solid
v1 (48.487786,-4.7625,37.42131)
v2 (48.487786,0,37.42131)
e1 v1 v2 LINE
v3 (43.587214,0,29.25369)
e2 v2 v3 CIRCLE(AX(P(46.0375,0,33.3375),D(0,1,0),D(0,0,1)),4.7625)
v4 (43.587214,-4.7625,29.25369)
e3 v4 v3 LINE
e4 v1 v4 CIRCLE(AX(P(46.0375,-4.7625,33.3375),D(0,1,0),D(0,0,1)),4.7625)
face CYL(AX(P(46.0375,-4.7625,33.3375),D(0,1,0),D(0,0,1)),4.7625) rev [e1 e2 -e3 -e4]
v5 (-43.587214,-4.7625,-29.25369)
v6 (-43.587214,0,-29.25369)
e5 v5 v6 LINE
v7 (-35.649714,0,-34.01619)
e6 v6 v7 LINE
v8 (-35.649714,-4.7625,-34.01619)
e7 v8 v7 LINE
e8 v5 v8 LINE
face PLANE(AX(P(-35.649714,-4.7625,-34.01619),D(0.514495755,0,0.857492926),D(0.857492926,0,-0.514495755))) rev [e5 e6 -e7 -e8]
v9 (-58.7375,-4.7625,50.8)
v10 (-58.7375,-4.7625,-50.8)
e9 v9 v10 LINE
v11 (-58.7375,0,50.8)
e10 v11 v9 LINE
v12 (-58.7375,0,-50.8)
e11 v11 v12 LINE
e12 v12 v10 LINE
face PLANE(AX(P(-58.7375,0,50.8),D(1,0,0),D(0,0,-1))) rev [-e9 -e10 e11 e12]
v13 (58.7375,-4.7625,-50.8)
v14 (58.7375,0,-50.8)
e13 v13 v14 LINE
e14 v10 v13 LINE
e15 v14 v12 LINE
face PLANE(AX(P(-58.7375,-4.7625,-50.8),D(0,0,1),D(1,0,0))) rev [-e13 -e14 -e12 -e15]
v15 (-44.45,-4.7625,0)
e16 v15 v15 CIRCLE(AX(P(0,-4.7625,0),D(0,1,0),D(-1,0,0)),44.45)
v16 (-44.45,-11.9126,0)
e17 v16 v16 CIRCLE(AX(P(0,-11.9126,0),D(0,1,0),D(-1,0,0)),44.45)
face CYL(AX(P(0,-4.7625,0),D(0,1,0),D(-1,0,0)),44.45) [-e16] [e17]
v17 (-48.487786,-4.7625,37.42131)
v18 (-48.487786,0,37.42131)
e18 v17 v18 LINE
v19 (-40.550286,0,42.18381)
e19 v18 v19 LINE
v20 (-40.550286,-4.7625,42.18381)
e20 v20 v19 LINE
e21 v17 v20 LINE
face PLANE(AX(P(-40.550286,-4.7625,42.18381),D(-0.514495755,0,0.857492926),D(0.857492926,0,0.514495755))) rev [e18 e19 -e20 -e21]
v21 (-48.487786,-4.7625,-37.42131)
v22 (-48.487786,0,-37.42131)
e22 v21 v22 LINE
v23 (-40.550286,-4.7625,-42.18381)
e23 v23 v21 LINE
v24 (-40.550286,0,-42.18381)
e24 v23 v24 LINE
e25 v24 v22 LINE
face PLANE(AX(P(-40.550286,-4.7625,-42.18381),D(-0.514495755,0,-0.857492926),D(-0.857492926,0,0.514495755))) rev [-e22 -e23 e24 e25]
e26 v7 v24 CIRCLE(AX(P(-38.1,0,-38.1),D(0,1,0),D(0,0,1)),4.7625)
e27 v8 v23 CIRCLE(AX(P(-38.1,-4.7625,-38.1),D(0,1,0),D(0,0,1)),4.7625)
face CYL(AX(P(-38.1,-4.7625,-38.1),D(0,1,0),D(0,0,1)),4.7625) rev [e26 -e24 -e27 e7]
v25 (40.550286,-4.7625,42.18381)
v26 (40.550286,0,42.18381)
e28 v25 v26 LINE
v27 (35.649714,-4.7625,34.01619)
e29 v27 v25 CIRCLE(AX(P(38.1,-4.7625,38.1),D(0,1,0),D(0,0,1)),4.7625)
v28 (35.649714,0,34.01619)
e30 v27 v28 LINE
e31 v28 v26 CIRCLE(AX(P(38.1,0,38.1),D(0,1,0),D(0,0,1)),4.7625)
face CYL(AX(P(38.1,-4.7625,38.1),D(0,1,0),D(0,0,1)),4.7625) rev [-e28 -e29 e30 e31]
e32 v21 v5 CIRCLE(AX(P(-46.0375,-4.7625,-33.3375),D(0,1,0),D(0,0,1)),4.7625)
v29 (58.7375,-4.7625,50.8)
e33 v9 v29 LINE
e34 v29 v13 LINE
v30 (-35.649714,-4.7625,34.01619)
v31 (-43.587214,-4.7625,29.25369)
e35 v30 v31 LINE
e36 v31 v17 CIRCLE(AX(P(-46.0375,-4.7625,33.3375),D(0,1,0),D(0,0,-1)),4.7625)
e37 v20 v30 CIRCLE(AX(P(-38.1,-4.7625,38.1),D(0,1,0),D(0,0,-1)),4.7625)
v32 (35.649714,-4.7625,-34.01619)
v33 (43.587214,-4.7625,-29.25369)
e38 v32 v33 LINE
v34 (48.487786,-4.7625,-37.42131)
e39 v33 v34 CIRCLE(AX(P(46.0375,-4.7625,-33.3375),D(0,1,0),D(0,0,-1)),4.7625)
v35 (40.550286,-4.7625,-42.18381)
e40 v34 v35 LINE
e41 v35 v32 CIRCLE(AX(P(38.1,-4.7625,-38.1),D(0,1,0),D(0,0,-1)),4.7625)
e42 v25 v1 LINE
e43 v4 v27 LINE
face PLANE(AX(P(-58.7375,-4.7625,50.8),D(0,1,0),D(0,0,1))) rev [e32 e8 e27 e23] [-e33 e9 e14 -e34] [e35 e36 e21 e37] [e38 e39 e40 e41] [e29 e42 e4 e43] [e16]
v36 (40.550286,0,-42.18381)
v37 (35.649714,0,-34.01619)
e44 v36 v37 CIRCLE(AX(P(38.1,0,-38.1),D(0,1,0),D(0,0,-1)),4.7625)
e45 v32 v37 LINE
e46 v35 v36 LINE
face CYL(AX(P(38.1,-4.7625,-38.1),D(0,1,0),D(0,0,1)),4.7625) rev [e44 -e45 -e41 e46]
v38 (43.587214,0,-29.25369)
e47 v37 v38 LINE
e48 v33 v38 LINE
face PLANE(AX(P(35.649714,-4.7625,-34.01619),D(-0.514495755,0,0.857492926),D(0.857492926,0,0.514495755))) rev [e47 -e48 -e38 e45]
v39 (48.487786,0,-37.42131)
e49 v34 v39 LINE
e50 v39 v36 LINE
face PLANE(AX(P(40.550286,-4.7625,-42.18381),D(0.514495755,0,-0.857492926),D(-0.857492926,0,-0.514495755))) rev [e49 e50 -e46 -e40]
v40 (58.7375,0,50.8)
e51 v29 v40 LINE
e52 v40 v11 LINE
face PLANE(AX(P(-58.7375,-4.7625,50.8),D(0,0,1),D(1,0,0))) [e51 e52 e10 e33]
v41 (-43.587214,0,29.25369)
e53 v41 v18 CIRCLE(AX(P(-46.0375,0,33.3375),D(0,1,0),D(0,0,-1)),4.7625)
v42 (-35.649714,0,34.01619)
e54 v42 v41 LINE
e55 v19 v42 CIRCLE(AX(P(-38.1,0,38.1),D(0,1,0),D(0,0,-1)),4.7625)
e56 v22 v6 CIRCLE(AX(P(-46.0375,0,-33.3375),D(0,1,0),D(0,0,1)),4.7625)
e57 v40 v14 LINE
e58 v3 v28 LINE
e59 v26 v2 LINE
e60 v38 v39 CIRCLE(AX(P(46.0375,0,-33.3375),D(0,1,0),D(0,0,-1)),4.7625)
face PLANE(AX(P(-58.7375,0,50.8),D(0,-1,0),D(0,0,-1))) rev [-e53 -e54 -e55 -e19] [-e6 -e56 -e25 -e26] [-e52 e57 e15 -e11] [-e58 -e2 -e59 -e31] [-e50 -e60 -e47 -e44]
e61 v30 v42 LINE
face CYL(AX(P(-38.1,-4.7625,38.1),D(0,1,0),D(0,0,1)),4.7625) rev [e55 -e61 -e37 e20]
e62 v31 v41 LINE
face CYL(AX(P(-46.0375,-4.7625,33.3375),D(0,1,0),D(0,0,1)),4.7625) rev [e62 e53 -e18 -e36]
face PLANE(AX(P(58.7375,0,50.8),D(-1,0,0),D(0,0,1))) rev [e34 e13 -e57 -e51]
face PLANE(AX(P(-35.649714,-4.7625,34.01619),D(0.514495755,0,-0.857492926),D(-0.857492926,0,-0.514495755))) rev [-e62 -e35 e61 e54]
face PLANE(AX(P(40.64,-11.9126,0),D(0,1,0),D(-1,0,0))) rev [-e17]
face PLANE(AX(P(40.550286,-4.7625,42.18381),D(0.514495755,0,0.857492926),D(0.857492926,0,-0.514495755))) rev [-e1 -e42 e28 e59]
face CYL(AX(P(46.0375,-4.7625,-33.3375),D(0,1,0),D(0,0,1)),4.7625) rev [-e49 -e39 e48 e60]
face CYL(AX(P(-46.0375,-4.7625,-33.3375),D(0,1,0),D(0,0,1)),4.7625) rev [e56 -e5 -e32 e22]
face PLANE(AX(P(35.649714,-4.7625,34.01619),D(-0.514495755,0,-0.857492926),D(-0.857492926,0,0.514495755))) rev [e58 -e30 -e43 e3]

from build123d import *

# Parameters (mm, degrees)
SKETCH1_W               = 117.475
SKETCH1_H               = 4.7625
BOSS_EXTRUDE1_DEPTH     = 50.8
F_1_2_HOLES_DEPTH       = 78.803697293
SKETCH7_W               = 170.933784369
SKETCH7_H               = 70.3072
BOSS_EXTRUDE2_DEPTH     = 164.9349
CUT_EXTRUDE1_DEPTH      = 252.384886958
CUT_EXTRUDE1_DEPTH_BACK = 252.384886958
CUT_EXTRUDE3_DEPTH      = 208.174206511
CUT_EXTRUDE3_DEPTH_BACK = 208.174206511
SKETCH9_OUTSIDE_W       = 162.248
SKETCH9_OUTSIDE_H       = 251.148
BOSS_EXTRUDE3_DEPTH     = 7.9375
SKETCH11_OUTSIDE_W      = 1143.154
SKETCH11_OUTSIDE_H      = 1135.216
SKETCH11_OUTSIDE_R      = 11.1125
CUT_EXTRUDE4_DEPTH      = 255.208337191
CUT_EXTRUDE4_DRAFT      = -60
SKETCH12_R              = 10.795
BOSS_EXTRUDE4_DEPTH     = 64.77
SKETCH13_R              = 298.45
CUT_EXTRUDE5_DEPTH      = 254


with BuildPart() as part:
    # Sketch1 → Boss-Extrude1 (new, symmetric)
    with BuildSketch(Plane.XY):
        with Locations((0, -2.38125)):
            Rectangle(SKETCH1_W, SKETCH1_H)
    extrude(amount=BOSS_EXTRUDE1_DEPTH, both=True)

    # Sketch2 → 1-2 holes (cut, through all)
    with BuildSketch(Plane(origin=(0, 0, 0), x_dir=(1, 0, 0), z_dir=(0, 1, 0))):
        with BuildLine():
            Line((-35.649713965, 34.016189941), (-43.587213965, 29.253689941))
            ThreePointArc((-43.587213965, 29.253689941), (-50.121310059, 30.887213965), (-48.487786035, 37.421310059))
            Line((-48.487786035, 37.421310059), (-40.550286035, 42.183810059))
            ThreePointArc((-40.550286035, 42.183810059), (-34.016189941, 40.550286035), (-35.649713965, 34.016189941))
        make_face()
        with BuildLine():
            Line((-35.649713965, -34.016189941), (-43.587213965, -29.253689941))
            ThreePointArc((-43.587213965, -29.253689941), (-50.121310059, -30.887213965), (-48.487786035, -37.421310059))
            Line((-48.487786035, -37.421310059), (-40.550286035, -42.183810059))
            ThreePointArc((-40.550286035, -42.183810059), (-34.016189941, -40.550286035), (-35.649713965, -34.016189941))
        make_face()
        with BuildLine():
            Line((35.649713965, 34.016189941), (43.587213965, 29.253689941))
            ThreePointArc((43.587213965, 29.253689941), (50.121310059, 30.887213965), (48.487786035, 37.421310059))
            Line((48.487786035, 37.421310059), (40.550286035, 42.183810059))
            ThreePointArc((40.550286035, 42.183810059), (34.016189941, 40.550286035), (35.649713965, 34.016189941))
        make_face()
        with BuildLine():
            Line((35.649713965, -34.016189941), (43.587213965, -29.253689941))
            ThreePointArc((43.587213965, -29.253689941), (50.121310059, -30.887213965), (48.487786035, -37.421310059))
            Line((48.487786035, -37.421310059), (40.550286035, -42.183810059))
            ThreePointArc((40.550286035, -42.183810059), (34.016189941, -40.550286035), (35.649713965, -34.016189941))
        make_face()
    extrude(amount=-F_1_2_HOLES_DEPTH, mode=Mode.SUBTRACT)


with BuildPart() as body_2:
    # Sketch4 → Revolve1 (revolve)
    with BuildSketch(Plane.XY, mode=Mode.PRIVATE) as revolve1_sk:
        Polygon((0, -25.5651), (43.18, -25.5651), (43.18, -14.4526), (40.64, -14.4526), (40.64, -11.9126), (44.45, -11.9126), (44.45, -4.7625), (0, -4.7625), align=None)
    revolve(revolve1_sk.sketch.rotate(Axis((0, -4.7625, 0), (0, -1, 0)), 180), axis=Axis((0, -4.7625, 0), (0, -1, 0)))


with BuildPart() as body_3:
    # Sketch6 → Revolve2 (revolve)
    with BuildSketch(Plane(origin=(-63.5, 0, 0), x_dir=(0, 0, -1), z_dir=(1, 0, 0)), mode=Mode.PRIVATE) as revolve2_sk:
        with BuildLine():
            Line((-25.4, -68.58), (-25.4, -47.336363636))
            ThreePointArc((-25.4, -47.336363636), (-22.694731724, -40.805268276), (-16.163636364, -38.1))
            Line((-16.163636364, -38.1), (-14.143181818, -38.1))
            Line((-14.143181818, -38.1), (-14.143181818, -40.48125))
            Line((-14.143181818, -40.48125), (-10.102272727, -40.48125))
            Line((-10.102272727, -40.48125), (-10.102272727, -38.1))
            Line((-10.102272727, -38.1), (-6.061363636, -38.1))
            Line((-6.061363636, -38.1), (-6.061363636, -40.48125))
            Line((-6.061363636, -40.48125), (-2.020454545, -40.48125))
            Line((-2.020454545, -40.48125), (-2.020454545, -38.1))
            Line((-2.020454545, -38.1), (2.020454545, -38.1))
            Line((2.020454545, -38.1), (2.020454545, -40.48125))
            Line((2.020454545, -40.48125), (6.061363636, -40.48125))
            Line((6.061363636, -40.48125), (6.061363636, -38.1))
            Line((6.061363636, -38.1), (10.102272727, -38.1))
            Line((10.102272727, -38.1), (10.102272727, -40.48125))
            Line((10.102272727, -40.48125), (14.143181818, -40.48125))
            Line((14.143181818, -40.48125), (14.143181818, -38.1))
            Line((14.143181818, -38.1), (16.163636364, -38.1))
            ThreePointArc((16.163636364, -38.1), (22.694731724, -40.805268276), (25.4, -47.336363636))
            Line((25.4, -47.336363636), (25.4, -68.58))
            Line((25.4, -68.58), (26.67, -68.58))
            Line((26.67, -68.58), (26.67, -71.12))
            Line((26.67, -71.12), (23.495, -71.12))
            ThreePointArc((23.495, -71.12), (19.004871939, -72.979871939), (17.145, -77.47))
            ThreePointArc((17.145, -77.47), (15.476711089, -81.759997818), (11.348438966, -83.795836333))
            Line((11.348438966, -83.795836333), (5.438280517, -84.312908197))
            ThreePointArc((5.438280517, -84.312908197), (3.374144456, -85.330827454), (2.54, -87.475826363))
            Line((2.54, -87.475826363), (2.54, -93.6625))
            Line((2.54, -93.6625), (26.67, -93.6625))
            Line((26.67, -93.6625), (29.845, -93.6625))
            Line((29.845, -93.6625), (29.845, -114.3))
            Line((29.845, -114.3), (-29.845, -114.3))
            Line((-29.845, -114.3), (-29.845, -93.6625))
            Line((-29.845, -93.6625), (-26.67, -93.6625))
            Line((-26.67, -93.6625), (-2.54, -93.6625))
            Line((-2.54, -93.6625), (-2.54, -87.475826363))
            ThreePointArc((-2.54, -87.475826363), (-3.374144456, -85.330827454), (-5.438280517, -84.312908197))
            Line((-5.438280517, -84.312908197), (-11.348438966, -83.795836333))
            ThreePointArc((-11.348438966, -83.795836333), (-15.476711089, -81.759997818), (-17.145, -77.47))
            ThreePointArc((-17.145, -77.47), (-19.004871939, -72.979871939), (-23.495, -71.12))
            Line((-23.495, -71.12), (-26.67, -71.12))
            Line((-26.67, -71.12), (-26.67, -68.58))
            Line((-26.67, -68.58), (-25.4, -68.58))
        make_face()
    revolve(revolve2_sk.sketch.rotate(Axis((-63.5, -114.3, 111.145303652), (0, 0, -1)), 90), axis=Axis((-63.5, -114.3, 111.145303652), (0, 0, -1)))


with BuildPart() as body_4:
    # Sketch7 → Boss-Extrude2 (new body)
    with BuildSketch(Plane.XZ.offset(25.5651)):
        with Locations((-54.233107816, 0)):
            Rectangle(SKETCH7_W, SKETCH7_H)
    extrude(amount=BOSS_EXTRUDE2_DEPTH)

    # Sketch8 → Cut-Extrude1 (cut, two sides: drawn at the far end of the back side and taken through both)
    with BuildSketch(Plane.XY.offset(35.1536).offset(-CUT_EXTRUDE1_DEPTH_BACK)):
        with BuildLine():
            Line((313.51958325, 368.901075357), (31.233784369, -25.5651))
            Line((31.233784369, -25.5651), (-42.844161681, -129.081621811))
            ThreePointArc((-42.844161681, -129.081621811), (-78.281621811, -134.955838319), (-84.155838319, -99.518378189))
            Line((-84.155838319, -99.518378189), (-31.233784369, -25.5651))
            Line((-31.233784369, -25.5651), (251.052014512, 368.901075357))
            Line((251.052014512, 368.901075357), (251.052014512, -601.230535819))
            Line((251.052014512, -601.230535819), (313.51958325, -601.230535819))
            Line((313.51958325, -601.230535819), (313.51958325, 368.901075357))
        make_face()
    extrude(amount=CUT_EXTRUDE1_DEPTH + CUT_EXTRUDE1_DEPTH_BACK, mode=Mode.SUBTRACT)

    # Sketch9 outside → Cut-Extrude3 (cut, two sides: drawn at the far end of the back side and taken through both)
    with BuildSketch(Plane(origin=(0, -144.306693689, 0), x_dir=(0, 0, -1), z_dir=(-1, 0, 0)).offset(-CUT_EXTRUDE3_DEPTH_BACK)):
        with Locations((0, -49.057)):
            Rectangle(SKETCH9_OUTSIDE_W, SKETCH9_OUTSIDE_H)
        Polygon((35.1536, 46.193306311), (35.1536, -106.206693689), (29.815484467, -118.741593689), (27.046884467, -118.741593689), (32.385, -106.206693689), (32.385, 46.193306311), align=None, mode=Mode.SUBTRACT)
        Polygon((-27.046884467, -118.741593689), (-29.815484467, -118.741593689), (-35.1536, -106.206693689), (-35.1536, 46.193306311), (-32.385, 46.193306311), (-32.385, -106.206693689), align=None, mode=Mode.SUBTRACT)
    extrude(amount=CUT_EXTRUDE3_DEPTH + CUT_EXTRUDE3_DEPTH_BACK, mode=Mode.SUBTRACT)


with BuildPart() as cut_extrude3_piece_1:
    # of the separate pieces the step leaves, piece 1, a body of its own (cut_extrude3_pieces)
    add(body_4.part.solids().sort_by_distance((31.233784369, -25.5651, -29.815484467))[0])



with BuildPart() as cut_extrude3_piece_2:
    # of the separate pieces the step leaves, piece 2, a body of its own (cut_extrude3_pieces)
    add(body_4.part.solids().sort_by_distance((22.263625502, -38.1, 35.1536))[0])


with BuildPart() as body_6:
    # Sketch10 → Boss-Extrude3 (new body)
    with BuildSketch(Plane.XY.offset(35.1536)):
        Polygon((-63.5, -101.468390267), (-74.6125, -107.884195134), (-74.6125, -120.715804866), (-63.5, -127.131609733), (-52.3875, -120.715804866), (-52.3875, -107.884195134), align=None)
    extrude(amount=BOSS_EXTRUDE3_DEPTH)


with BuildPart() as cut_extrude4_tool:
    # Sketch11 outside → Cut-Extrude4 (with draft: the straight prism first)
    with BuildSketch(Plane.XY.offset(43.0911)):
        with Locations((-40.481, -95.25)):
            Rectangle(SKETCH11_OUTSIDE_W, SKETCH11_OUTSIDE_H)
        with Locations((-63.5, -114.3)):
            Circle(SKETCH11_OUTSIDE_R, mode=Mode.SUBTRACT)
    extrude(amount=-CUT_EXTRUDE4_DEPTH)
    # Cut-Extrude4: the draft: its side faces are tilted about the plane it starts from
    cut_extrude4_sides = [cut_extrude4_tool.faces().sort_by_distance(p)[0] for p in [
        (-40.481, -662.858, -84.513068595),
        (531.096, -95.25, -84.513068595),
        (-40.481, 472.358, -84.513068595),
        (-612.058, -95.25, -84.513068595),
        (-74.6125, -114.3, -84.513068595),
    ]]
    draft(cut_extrude4_sides, Plane.XY.offset(43.0911), CUT_EXTRUDE4_DRAFT)


with BuildPart() as body_6_1:
    add(body_6.part)

    # Cut-Extrude4: cut by cut_extrude4_tool
    add(cut_extrude4_tool.part, mode=Mode.SUBTRACT)


with BuildPart() as body_7:
    # Mirror1: mirrored copy
    add(body_6_1.part.mirror(Plane.XY))


with BuildPart() as cut_extrude3_piece_1_1:
    add(cut_extrude3_piece_1.part)

    add(cut_extrude3_piece_2.part)  # Boss-Extrude4 merges Cut-Extrude3 piece 2
    # Sketch12 → Boss-Extrude4 (add)
    with BuildSketch(Plane.XY.offset(-32.385)):
        with Locations(Location((-63.5, -114.3, 0), (0, 0, 180))):
            Circle(SKETCH12_R)
    extrude(amount=BOSS_EXTRUDE4_DEPTH)

    # Combine1: union body 7, body 6, body 2, part
    add(body_7.part)
    add(body_6_1.part)
    add(body_2.part)
    add(part.part)


with BuildPart() as cut_extrude5_tool:
    # Sketch13 → Cut-Extrude5 (new body)
    with BuildSketch(Plane.XZ.offset(11.9126)):
        Circle(SKETCH13_R)
    extrude(amount=CUT_EXTRUDE5_DEPTH)


with BuildPart() as body_3_1:
    add(body_3.part)

    # Cut-Extrude5: cut by cut_extrude5_tool
    add(cut_extrude5_tool.part, mode=Mode.SUBTRACT)


with BuildPart() as cut_extrude3_piece_1_2:
    add(cut_extrude3_piece_1_1.part)

    # Cut-Extrude5: cut by cut_extrude5_tool
    add(cut_extrude5_tool.part, mode=Mode.SUBTRACT)


solid = cut_extrude3_piece_1_2.part
